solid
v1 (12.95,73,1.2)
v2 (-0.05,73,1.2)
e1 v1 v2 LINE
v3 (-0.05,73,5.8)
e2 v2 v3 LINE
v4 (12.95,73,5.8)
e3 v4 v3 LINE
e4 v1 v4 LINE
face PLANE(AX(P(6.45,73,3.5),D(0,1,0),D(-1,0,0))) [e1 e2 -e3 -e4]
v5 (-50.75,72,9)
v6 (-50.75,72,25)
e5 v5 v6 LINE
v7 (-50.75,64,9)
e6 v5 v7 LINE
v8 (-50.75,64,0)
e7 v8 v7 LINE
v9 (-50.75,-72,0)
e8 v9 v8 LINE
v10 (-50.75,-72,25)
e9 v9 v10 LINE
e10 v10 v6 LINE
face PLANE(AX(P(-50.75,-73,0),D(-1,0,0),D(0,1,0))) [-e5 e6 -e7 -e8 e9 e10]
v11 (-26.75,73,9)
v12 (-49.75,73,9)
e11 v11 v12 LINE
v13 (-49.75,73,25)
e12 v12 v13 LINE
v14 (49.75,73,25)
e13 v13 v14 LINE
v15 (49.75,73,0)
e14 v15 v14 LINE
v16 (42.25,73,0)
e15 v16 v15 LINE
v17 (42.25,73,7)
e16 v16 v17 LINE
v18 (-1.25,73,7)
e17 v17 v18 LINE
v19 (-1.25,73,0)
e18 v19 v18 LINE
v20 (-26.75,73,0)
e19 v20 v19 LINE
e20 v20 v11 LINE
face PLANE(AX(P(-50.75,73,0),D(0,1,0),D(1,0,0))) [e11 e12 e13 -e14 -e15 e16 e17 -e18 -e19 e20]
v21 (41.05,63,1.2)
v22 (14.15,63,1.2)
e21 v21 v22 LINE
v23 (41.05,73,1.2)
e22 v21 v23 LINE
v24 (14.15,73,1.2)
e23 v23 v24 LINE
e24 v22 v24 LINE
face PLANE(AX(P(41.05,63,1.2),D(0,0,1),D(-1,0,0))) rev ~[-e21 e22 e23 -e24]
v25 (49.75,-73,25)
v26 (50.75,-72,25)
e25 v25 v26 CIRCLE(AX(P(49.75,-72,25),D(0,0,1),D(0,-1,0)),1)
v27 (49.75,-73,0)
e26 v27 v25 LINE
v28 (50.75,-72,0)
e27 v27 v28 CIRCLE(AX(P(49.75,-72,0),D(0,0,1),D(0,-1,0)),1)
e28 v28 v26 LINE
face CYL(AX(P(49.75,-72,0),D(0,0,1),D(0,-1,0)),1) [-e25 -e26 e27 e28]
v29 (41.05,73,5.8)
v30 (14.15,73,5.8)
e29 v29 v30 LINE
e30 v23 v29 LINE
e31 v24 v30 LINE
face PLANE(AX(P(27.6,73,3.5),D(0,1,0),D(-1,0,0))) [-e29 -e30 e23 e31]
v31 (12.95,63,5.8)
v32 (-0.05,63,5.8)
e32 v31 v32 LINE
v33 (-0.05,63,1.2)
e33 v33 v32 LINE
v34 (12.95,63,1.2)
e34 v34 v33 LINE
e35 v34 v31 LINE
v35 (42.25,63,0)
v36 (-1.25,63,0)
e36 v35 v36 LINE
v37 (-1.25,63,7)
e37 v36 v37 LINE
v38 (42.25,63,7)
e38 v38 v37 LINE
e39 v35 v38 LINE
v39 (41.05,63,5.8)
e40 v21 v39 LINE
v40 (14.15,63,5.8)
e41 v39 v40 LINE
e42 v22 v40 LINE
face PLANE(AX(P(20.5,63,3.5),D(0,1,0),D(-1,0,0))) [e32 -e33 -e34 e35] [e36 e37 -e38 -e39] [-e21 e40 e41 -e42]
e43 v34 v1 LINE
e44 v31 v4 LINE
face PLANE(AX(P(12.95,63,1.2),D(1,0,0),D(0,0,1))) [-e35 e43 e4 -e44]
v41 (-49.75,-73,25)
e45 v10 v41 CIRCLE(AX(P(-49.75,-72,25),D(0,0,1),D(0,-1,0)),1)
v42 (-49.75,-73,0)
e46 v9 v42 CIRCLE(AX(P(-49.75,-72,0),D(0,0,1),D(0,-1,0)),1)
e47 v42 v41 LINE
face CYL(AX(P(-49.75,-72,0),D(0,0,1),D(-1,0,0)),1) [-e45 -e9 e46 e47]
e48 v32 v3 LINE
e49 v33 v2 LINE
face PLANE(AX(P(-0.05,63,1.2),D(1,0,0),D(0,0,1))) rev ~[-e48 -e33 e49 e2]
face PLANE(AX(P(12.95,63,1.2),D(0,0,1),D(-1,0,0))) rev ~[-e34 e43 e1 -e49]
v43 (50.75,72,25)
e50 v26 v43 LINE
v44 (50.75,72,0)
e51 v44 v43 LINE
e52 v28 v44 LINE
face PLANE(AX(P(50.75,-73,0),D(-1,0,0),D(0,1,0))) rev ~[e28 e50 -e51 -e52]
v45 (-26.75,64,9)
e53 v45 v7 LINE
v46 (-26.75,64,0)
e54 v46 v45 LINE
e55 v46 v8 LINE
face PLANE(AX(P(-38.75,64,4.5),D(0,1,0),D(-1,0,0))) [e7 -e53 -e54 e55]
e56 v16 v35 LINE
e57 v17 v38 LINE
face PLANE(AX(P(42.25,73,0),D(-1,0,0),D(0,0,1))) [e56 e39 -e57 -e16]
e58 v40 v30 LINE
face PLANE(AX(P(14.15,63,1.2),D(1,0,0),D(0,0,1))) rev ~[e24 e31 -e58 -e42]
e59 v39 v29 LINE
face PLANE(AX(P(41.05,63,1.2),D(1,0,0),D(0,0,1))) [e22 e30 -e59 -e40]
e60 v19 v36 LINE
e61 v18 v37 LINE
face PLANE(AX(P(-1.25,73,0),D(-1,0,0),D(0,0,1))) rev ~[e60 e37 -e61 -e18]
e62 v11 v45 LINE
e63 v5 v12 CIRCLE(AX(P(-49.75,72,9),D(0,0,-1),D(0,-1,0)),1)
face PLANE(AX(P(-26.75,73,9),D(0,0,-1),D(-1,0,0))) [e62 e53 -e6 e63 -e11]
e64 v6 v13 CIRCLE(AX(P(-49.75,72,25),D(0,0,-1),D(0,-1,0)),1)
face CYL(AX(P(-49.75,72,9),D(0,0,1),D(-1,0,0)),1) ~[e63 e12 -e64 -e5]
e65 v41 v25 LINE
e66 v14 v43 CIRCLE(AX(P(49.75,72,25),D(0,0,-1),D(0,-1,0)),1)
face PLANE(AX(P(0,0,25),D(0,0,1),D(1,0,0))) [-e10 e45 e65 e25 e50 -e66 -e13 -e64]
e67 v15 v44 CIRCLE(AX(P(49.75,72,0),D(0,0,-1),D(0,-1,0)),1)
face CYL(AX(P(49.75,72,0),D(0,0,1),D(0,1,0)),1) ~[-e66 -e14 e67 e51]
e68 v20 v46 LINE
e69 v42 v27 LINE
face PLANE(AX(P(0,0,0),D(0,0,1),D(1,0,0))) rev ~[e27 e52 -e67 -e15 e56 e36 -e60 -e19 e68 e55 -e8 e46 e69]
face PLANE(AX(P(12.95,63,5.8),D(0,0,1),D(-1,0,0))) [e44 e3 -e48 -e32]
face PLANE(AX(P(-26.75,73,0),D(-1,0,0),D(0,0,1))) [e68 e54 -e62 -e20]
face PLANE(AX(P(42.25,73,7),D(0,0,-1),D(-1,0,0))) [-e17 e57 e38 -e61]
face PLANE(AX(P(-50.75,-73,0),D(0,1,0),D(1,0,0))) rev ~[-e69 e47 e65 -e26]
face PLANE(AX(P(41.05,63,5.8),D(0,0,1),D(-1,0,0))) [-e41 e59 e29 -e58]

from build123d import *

# Parameters (mm, degrees)
F0_W     = 101.5
F0_H     = 146
F1_DEPTH = 25
F2_W     = 24
F2_H     = 9
F3_DEPTH = 9
F4_R     = 1
F5_W     = 43.5
F5_H     = 7
F6_DEPTH = 10
F7_W     = 26.9
F7_H     = 4.6
F7_W_2   = 13
F8_DEPTH = 10


with BuildPart() as f1:
    # F0 (on Top) → F1 (new body)
    with BuildSketch(Plane.XY):
        Rectangle(F0_W, F0_H)
    extrude(amount=F1_DEPTH)

    # F2 (on face) → F3 (cut)
    with BuildSketch(Plane(origin=(0, 73, 0), x_dir=(-1, 0, 0), z_dir=(0, 1, 0))):
        with Locations((38.75, 4.5)):
            Rectangle(F2_W, F2_H)
    extrude(amount=-F3_DEPTH, mode=Mode.SUBTRACT)

    # F4
    f4_edges = [f1.edges().sort_by_distance(p)[0] for p in [
        (50.75, 73, 12.5),
        (-50.75, 73, 17),
        (-50.75, -73, 12.5),
        (50.75, -73, 12.5),
    ]]
    fillet(f4_edges, radius=F4_R)

    # F5 (on face) → F6 (cut)
    with BuildSketch(Plane(origin=(0, 73, 0), x_dir=(-1, 0, 0), z_dir=(0, 1, 0))):
        with Locations((-20.5, 3.5)):
            Rectangle(F5_W, F5_H)
    extrude(amount=-F6_DEPTH, mode=Mode.SUBTRACT)

    # F7 (on face) → F8 (join)
    with BuildSketch(Plane(origin=(0, 63, 0), x_dir=(-1, 0, 0), z_dir=(0, 1, 0))):
        with Locations((-27.6, 3.5)):
            Rectangle(F7_W, F7_H)
        with Locations((-6.45, 3.5)):
            Rectangle(F7_W_2, F7_H)
    extrude(amount=F8_DEPTH)


solid = f1.part
